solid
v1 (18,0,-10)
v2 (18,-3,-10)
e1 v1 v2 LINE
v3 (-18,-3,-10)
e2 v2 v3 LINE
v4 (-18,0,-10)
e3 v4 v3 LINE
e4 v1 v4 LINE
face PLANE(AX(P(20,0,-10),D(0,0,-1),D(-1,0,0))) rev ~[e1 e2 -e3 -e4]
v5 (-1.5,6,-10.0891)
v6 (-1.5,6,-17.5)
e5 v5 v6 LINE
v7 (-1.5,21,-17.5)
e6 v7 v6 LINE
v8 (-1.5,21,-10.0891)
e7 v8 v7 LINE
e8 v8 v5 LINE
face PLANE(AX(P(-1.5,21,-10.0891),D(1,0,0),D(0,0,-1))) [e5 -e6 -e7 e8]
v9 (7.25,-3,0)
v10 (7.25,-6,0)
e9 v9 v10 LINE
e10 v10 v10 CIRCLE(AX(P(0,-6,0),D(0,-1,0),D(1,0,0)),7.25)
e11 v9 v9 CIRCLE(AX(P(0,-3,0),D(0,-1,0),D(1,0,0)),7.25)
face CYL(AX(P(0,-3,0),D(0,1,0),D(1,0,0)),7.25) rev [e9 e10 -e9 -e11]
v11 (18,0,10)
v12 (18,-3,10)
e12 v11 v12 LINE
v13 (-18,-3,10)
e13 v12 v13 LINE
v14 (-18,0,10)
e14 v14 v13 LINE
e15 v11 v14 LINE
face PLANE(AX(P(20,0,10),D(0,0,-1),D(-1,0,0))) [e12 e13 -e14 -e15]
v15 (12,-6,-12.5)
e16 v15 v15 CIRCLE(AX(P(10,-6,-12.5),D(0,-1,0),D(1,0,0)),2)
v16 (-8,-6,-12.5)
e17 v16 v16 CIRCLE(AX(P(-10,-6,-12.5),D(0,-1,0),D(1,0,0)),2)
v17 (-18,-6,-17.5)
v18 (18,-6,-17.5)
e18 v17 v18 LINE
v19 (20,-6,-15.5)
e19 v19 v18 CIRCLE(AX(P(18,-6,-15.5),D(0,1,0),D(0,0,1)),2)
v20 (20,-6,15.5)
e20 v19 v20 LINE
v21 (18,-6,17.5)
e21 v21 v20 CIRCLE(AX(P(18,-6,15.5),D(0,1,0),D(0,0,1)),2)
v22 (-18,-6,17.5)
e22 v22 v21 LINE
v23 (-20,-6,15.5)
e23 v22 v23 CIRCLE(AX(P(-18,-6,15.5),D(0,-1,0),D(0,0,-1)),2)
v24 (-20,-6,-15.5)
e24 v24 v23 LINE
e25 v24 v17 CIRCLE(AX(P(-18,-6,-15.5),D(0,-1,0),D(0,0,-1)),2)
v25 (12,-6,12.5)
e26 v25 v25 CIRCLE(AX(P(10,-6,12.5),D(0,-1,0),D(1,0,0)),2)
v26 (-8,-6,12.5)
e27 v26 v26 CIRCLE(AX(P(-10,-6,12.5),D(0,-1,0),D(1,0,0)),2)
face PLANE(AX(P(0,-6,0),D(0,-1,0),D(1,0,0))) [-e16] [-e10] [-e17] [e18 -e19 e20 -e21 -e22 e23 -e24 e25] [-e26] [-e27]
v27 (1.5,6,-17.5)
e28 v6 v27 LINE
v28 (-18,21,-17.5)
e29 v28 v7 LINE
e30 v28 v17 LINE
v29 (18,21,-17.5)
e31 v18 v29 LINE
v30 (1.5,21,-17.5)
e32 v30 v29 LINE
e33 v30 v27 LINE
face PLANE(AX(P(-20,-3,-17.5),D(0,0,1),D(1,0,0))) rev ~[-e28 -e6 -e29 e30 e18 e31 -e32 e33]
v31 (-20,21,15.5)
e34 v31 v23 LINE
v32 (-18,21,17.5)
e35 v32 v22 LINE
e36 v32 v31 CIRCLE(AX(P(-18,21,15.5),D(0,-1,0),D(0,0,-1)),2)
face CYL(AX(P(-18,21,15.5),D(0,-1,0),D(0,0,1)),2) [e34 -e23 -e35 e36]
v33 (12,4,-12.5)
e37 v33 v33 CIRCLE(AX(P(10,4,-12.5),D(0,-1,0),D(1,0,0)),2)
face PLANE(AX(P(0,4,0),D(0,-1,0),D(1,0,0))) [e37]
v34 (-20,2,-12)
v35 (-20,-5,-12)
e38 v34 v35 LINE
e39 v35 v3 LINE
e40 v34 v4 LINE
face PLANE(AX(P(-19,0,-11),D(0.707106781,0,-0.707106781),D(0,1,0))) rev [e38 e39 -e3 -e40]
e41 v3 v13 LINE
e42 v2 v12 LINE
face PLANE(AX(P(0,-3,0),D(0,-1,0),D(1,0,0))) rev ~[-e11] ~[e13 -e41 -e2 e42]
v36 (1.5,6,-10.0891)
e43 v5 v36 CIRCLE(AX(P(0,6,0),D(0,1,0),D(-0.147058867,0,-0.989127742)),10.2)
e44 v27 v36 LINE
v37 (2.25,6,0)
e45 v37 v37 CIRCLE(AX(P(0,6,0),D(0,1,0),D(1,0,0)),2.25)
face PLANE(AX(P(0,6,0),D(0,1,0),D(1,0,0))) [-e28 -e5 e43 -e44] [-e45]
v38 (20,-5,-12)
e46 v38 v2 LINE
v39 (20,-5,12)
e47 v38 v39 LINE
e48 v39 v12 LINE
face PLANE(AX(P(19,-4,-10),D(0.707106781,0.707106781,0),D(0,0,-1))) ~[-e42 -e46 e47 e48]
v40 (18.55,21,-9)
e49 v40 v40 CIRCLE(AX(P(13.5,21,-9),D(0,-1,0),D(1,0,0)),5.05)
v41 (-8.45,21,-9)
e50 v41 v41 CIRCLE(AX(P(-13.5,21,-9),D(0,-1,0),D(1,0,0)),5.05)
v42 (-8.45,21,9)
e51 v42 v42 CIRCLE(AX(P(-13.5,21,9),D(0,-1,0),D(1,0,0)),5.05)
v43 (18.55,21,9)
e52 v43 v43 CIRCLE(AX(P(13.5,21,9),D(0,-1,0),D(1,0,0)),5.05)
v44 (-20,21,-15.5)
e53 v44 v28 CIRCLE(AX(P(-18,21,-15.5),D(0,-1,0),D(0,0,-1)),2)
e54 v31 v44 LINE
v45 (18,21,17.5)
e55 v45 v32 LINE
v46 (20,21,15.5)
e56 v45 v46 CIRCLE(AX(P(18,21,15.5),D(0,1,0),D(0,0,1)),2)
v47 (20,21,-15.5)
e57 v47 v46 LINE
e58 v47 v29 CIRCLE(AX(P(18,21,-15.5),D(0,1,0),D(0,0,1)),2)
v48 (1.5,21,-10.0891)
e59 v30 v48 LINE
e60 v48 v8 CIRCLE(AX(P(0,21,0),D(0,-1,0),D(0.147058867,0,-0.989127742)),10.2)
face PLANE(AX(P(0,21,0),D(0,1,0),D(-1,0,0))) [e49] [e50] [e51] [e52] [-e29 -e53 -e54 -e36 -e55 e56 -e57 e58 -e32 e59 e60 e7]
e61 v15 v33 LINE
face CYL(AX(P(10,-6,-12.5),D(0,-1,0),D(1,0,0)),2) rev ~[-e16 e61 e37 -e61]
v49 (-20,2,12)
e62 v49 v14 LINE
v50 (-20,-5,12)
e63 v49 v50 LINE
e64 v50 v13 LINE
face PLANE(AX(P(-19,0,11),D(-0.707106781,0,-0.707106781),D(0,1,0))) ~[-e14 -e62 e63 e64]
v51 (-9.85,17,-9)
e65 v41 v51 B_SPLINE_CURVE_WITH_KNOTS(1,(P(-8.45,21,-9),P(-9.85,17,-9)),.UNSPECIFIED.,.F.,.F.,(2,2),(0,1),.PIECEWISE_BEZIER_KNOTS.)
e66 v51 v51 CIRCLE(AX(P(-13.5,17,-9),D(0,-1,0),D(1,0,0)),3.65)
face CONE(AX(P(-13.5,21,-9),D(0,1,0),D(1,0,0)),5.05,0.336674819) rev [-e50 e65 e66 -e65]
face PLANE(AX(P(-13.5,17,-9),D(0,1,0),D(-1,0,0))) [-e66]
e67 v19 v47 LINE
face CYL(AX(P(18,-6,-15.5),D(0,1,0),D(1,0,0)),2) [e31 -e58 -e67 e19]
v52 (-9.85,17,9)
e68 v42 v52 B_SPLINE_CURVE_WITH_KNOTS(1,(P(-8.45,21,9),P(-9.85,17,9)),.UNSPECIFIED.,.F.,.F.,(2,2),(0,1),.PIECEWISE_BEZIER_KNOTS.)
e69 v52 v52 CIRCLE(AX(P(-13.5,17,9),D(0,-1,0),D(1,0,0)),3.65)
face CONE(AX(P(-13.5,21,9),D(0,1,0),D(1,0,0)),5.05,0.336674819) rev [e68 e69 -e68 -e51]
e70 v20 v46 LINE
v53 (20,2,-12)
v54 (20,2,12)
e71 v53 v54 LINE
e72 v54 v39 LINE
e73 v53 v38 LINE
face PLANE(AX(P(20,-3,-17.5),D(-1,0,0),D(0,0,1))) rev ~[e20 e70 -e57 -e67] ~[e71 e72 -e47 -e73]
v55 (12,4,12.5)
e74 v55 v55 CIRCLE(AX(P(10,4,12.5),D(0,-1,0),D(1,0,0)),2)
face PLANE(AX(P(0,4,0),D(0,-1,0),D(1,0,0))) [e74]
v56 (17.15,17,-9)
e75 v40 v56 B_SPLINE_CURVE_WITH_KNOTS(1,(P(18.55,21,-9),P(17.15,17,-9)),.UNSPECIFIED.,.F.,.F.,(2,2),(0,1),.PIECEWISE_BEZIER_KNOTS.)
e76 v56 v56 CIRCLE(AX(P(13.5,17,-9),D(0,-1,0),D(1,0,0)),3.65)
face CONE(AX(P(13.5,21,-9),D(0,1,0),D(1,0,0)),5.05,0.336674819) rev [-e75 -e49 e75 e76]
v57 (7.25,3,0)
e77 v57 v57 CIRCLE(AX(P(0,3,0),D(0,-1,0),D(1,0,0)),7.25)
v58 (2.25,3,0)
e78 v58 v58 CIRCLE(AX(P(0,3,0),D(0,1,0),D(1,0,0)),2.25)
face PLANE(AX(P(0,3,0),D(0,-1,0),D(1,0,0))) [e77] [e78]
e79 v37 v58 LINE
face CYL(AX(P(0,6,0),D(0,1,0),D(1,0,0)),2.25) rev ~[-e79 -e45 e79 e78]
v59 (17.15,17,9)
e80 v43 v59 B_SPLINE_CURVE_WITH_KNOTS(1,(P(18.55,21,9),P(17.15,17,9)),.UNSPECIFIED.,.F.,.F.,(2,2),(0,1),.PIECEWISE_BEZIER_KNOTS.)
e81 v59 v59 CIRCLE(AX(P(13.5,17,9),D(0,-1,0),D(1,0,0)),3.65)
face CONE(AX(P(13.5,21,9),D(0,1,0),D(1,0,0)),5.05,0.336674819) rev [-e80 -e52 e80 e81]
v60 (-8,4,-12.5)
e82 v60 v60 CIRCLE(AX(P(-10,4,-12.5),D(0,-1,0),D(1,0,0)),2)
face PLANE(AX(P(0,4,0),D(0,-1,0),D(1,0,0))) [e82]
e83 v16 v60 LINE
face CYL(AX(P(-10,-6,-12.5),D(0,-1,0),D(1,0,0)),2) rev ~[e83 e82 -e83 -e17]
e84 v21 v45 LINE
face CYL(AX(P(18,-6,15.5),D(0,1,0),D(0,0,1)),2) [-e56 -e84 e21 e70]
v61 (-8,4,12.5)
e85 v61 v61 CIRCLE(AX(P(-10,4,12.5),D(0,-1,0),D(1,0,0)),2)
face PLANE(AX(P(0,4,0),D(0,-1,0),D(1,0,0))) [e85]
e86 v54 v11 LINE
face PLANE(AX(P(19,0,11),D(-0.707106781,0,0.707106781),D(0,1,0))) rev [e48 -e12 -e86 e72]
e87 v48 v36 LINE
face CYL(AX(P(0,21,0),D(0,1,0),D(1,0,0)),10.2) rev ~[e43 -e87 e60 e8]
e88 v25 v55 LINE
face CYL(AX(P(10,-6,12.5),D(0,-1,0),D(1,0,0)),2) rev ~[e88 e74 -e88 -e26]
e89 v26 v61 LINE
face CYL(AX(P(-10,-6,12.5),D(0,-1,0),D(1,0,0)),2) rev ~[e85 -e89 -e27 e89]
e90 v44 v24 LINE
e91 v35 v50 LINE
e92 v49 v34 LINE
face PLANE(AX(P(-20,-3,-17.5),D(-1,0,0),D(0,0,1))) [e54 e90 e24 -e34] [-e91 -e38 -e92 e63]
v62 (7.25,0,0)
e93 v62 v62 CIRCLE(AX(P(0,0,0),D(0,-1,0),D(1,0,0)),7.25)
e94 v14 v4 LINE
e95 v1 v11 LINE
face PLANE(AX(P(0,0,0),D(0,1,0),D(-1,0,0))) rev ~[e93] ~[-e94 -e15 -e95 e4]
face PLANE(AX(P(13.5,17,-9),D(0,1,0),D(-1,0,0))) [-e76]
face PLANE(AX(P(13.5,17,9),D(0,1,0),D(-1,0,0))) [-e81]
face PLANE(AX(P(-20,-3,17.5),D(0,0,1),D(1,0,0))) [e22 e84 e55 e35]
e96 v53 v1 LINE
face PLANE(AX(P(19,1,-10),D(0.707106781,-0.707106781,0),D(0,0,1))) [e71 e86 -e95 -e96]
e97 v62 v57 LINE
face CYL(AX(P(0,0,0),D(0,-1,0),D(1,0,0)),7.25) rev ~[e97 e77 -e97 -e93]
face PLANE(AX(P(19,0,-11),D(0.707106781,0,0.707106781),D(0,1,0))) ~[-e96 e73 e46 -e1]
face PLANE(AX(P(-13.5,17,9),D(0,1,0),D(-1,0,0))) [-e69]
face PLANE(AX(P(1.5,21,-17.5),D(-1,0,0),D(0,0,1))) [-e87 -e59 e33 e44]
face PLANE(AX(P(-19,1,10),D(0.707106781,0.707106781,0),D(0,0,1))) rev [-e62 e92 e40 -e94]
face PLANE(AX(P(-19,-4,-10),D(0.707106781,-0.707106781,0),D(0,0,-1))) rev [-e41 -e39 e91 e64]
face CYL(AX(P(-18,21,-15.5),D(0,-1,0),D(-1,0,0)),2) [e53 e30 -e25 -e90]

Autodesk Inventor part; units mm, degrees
ref_plane "YZ Plane" through (0, 0, 0) normal (1, 0, 0) x (0, 1, 0)
ref_plane "XY Plane" through (0, 0, 0) normal (0, 0, 1) x (1, 0, 0)
sketch "Sketch1" plane through (0, 0, 0) normal (0, 1, 0) x (-1, 0, 0)
  line L0 (-20, 17.5) -> (20, 17.5)
  line L1 (20, 17.5) -> (20, -17.5)
  line L2 (20, -17.5) -> (-20, -17.5)
  line L3 (-20, -17.5) -> (-20, 17.5)
  line L4 (-20, 17.5) -> (20, -17.5) construction
  line L5 (20, 17.5) -> (-20, -17.5) construction
  point P0 (0, 0)
  dimension "d0" = 35
  dimension "d1" = 40
extrude "Extrusion1" add sketch "Sketch1" along normal blind 21
sketch "Sketch2" plane through (0, 21, 0) normal (0, 1, 0) x (1, 0, 0)
  circle A0 centre (0, 0) radius 10.2
  line L0 (-1.5, 10.0891) -> (-1.5, 17.5)
  line L1 (-1.5, 17.5) -> (1.5, 17.5)
  line L2 (20, 17.5) -> (-20, 17.5) projected
  line L3 (1.5, 17.5) -> (1.5, 10.0891)
  line L4 (0, 0) -> (0, 17.5) construction
  dimension "d4" = 20.4
  dimension "d7" = 3
extrude "Extrusion2" cut sketch "Sketch2" against normal blind 15
sketch "Sketch3" plane through (0, 6, 0) normal (0, 1, 0) x (1, 0, 0)
  circle A0 centre (0, 0) radius 2.25
  dimension "d8" = 4.5
extrude "Extrusion3" cut sketch "Sketch3" against normal through all
sketch "Sketch5" plane through (0, 0, 0) normal (0, -1, 0) x (1, 0, 0)
  circle A0 centre (0, 0) radius 7.25
  dimension "d11" = 14.5
extrude "Extrusion4" cut sketch "Sketch5" against normal blind 3
sketch "Sketch6" plane through (0, 21, 0) normal (0, 1, 0) x (1, 0, 0)
  line L0 (-13.5, -9) -> (13.5, -9) construction
  line L1 (13.5, -9) -> (13.5, 9) construction
  line L2 (13.5, 9) -> (-13.5, 9) construction
  line L3 (-13.5, 9) -> (-13.5, -9) construction
  line L4 (-13.5, -9) -> (13.5, 9) construction
  line L5 (13.5, -9) -> (-13.5, 9) construction
  circle A0 centre (-13.5, 9) radius 5.05
  circle A1 centre (13.5, 9) radius 5.05
  circle A2 centre (13.5, -9) radius 5.05
  circle A3 centre (-13.5, -9) radius 5.05
  point P0 (0, 0)
  dimension "d14" = 18
  dimension "d15" = 27
  dimension "d16" = 10.1
ref_plane "Work Plane1" through (0, 17, 0) normal (0, 1, 0) x (-1, 0, 0)
sketch "Sketch7" plane through (0, 17, 0) normal (0, 1, 0) x (-1, 0, 0)
  circle A0 centre (13.5, -9) radius 3.65
  circle A1 centre (-13.5, -9) radius 3.65
  circle A2 centre (-13.5, 9) radius 3.65
  circle A3 centre (13.5, 9) radius 3.65
  line L0 (13.5, 9) -> (-13.5, 9) construction
  line L1 (-13.5, 9) -> (-13.5, -9) construction
  line L2 (-13.5, -9) -> (13.5, -9) construction
  line L3 (13.5, -9) -> (13.5, 9) construction
  line L4 (13.5, 9) -> (-13.5, -9) construction
  line L5 (-13.5, 9) -> (13.5, -9) construction
  point P0 (0, 0)
  dimension "d20" = 7.3
  dimension "d21" = 27
  dimension "d22" = 18
loft "Loft2" cut profiles "Sketch6", "Sketch7" contours A0 / A0
loft "Loft3" cut profiles "Sketch6", "Sketch7" contours A3 / A3
loft "Loft4" cut profiles "Sketch6", "Sketch7" contours A1 / A1
loft "Loft5" cut profiles "Sketch6", "Sketch7" contours A2 / A2
sketch "Sketch8" plane through (0, 0, 0) normal (0, -1, 0) x (1, 0, 0)
  line L0 (-20, -17.5) -> (20, -17.5)
  line L1 (20, -17.5) -> (20, -10)
  line L2 (-20, -10) -> (-20, -17.5)
  line L3 (-20, 17.5) -> (20, 17.5)
  line L4 (20, 17.5) -> (20, 10)
  line L5 (-20, 10) -> (-20, 17.5)
  line L6 (20, 10) -> (-20, 10)
  line L7 (20, -10) -> (-20, -10)
  point P0 (0, 0)
  dimension "d50" = 20
extrude "Extrusion6" add sketch "Sketch8" along normal blind 3
sketch "Sketch9" plane through (0, -3, 0) normal (0, -1, 0) x (1, 0, 0)
  line L0 (-20, 17.5) -> (20, 17.5) projected
  line L1 (-20, -17.5) -> (-20, 17.5) projected
  line L2 (20, 17.5) -> (-20, 17.5)
  line L3 (-20, 17.5) -> (-20, -17.5)
  line L4 (-20, -17.5) -> (20, -17.5)
  line L5 (20, -17.5) -> (20, 17.5)
  circle A0 centre (0, 0) radius 7.25
  arc A1 (7.25, 0) -> (7.25, 0) centre (0, 0) ccw projected
extrude "Extrusion7" add sketch "Sketch9" along normal blind 3
fillet "Fillet1" radius 2 4 edges at (-20, 7.5, -17.5) (-20, 7.5, 17.5) (20, 7.5, -17.5) (20, 7.5, 17.5)
chamfer "Chamfer1" distance 2 angle 45 8 edges at (-20, -3, 0) (-20, -1.5, -10) (-20, 0, 0) (-20, -1.5, 10) (20, 0, 0) (20, -1.5, 10) (20, -3, 0) (20, -1.5, -10)
sketch "Sketch10" plane through (0, -6, 0) normal (0, -1, 0) x (1, 0, 0)
  line L0 (10, 12.5) -> (-10, 12.5) construction
  line L1 (-10, 12.5) -> (-10, -12.5) construction
  line L2 (-10, -12.5) -> (10, -12.5) construction
  line L3 (10, -12.5) -> (10, 12.5) construction
  line L4 (10, 12.5) -> (-10, -12.5) construction
  line L5 (-10, 12.5) -> (10, -12.5) construction
  circle A0 centre (10, -12.5) radius 2
  circle A1 centre (10, 12.5) radius 2
  circle A2 centre (-10, 12.5) radius 2
  circle A3 centre (-10, -12.5) radius 2
  point P0 (0, 0)
  dimension "d55" = 20
  dimension "d56" = 25
  dimension "d57" = 4
extrude "Extrusion8" cut sketch "Sketch10" against normal blind 10
properties part number "Electromagnet Blocl" material "ABS Plastic"
